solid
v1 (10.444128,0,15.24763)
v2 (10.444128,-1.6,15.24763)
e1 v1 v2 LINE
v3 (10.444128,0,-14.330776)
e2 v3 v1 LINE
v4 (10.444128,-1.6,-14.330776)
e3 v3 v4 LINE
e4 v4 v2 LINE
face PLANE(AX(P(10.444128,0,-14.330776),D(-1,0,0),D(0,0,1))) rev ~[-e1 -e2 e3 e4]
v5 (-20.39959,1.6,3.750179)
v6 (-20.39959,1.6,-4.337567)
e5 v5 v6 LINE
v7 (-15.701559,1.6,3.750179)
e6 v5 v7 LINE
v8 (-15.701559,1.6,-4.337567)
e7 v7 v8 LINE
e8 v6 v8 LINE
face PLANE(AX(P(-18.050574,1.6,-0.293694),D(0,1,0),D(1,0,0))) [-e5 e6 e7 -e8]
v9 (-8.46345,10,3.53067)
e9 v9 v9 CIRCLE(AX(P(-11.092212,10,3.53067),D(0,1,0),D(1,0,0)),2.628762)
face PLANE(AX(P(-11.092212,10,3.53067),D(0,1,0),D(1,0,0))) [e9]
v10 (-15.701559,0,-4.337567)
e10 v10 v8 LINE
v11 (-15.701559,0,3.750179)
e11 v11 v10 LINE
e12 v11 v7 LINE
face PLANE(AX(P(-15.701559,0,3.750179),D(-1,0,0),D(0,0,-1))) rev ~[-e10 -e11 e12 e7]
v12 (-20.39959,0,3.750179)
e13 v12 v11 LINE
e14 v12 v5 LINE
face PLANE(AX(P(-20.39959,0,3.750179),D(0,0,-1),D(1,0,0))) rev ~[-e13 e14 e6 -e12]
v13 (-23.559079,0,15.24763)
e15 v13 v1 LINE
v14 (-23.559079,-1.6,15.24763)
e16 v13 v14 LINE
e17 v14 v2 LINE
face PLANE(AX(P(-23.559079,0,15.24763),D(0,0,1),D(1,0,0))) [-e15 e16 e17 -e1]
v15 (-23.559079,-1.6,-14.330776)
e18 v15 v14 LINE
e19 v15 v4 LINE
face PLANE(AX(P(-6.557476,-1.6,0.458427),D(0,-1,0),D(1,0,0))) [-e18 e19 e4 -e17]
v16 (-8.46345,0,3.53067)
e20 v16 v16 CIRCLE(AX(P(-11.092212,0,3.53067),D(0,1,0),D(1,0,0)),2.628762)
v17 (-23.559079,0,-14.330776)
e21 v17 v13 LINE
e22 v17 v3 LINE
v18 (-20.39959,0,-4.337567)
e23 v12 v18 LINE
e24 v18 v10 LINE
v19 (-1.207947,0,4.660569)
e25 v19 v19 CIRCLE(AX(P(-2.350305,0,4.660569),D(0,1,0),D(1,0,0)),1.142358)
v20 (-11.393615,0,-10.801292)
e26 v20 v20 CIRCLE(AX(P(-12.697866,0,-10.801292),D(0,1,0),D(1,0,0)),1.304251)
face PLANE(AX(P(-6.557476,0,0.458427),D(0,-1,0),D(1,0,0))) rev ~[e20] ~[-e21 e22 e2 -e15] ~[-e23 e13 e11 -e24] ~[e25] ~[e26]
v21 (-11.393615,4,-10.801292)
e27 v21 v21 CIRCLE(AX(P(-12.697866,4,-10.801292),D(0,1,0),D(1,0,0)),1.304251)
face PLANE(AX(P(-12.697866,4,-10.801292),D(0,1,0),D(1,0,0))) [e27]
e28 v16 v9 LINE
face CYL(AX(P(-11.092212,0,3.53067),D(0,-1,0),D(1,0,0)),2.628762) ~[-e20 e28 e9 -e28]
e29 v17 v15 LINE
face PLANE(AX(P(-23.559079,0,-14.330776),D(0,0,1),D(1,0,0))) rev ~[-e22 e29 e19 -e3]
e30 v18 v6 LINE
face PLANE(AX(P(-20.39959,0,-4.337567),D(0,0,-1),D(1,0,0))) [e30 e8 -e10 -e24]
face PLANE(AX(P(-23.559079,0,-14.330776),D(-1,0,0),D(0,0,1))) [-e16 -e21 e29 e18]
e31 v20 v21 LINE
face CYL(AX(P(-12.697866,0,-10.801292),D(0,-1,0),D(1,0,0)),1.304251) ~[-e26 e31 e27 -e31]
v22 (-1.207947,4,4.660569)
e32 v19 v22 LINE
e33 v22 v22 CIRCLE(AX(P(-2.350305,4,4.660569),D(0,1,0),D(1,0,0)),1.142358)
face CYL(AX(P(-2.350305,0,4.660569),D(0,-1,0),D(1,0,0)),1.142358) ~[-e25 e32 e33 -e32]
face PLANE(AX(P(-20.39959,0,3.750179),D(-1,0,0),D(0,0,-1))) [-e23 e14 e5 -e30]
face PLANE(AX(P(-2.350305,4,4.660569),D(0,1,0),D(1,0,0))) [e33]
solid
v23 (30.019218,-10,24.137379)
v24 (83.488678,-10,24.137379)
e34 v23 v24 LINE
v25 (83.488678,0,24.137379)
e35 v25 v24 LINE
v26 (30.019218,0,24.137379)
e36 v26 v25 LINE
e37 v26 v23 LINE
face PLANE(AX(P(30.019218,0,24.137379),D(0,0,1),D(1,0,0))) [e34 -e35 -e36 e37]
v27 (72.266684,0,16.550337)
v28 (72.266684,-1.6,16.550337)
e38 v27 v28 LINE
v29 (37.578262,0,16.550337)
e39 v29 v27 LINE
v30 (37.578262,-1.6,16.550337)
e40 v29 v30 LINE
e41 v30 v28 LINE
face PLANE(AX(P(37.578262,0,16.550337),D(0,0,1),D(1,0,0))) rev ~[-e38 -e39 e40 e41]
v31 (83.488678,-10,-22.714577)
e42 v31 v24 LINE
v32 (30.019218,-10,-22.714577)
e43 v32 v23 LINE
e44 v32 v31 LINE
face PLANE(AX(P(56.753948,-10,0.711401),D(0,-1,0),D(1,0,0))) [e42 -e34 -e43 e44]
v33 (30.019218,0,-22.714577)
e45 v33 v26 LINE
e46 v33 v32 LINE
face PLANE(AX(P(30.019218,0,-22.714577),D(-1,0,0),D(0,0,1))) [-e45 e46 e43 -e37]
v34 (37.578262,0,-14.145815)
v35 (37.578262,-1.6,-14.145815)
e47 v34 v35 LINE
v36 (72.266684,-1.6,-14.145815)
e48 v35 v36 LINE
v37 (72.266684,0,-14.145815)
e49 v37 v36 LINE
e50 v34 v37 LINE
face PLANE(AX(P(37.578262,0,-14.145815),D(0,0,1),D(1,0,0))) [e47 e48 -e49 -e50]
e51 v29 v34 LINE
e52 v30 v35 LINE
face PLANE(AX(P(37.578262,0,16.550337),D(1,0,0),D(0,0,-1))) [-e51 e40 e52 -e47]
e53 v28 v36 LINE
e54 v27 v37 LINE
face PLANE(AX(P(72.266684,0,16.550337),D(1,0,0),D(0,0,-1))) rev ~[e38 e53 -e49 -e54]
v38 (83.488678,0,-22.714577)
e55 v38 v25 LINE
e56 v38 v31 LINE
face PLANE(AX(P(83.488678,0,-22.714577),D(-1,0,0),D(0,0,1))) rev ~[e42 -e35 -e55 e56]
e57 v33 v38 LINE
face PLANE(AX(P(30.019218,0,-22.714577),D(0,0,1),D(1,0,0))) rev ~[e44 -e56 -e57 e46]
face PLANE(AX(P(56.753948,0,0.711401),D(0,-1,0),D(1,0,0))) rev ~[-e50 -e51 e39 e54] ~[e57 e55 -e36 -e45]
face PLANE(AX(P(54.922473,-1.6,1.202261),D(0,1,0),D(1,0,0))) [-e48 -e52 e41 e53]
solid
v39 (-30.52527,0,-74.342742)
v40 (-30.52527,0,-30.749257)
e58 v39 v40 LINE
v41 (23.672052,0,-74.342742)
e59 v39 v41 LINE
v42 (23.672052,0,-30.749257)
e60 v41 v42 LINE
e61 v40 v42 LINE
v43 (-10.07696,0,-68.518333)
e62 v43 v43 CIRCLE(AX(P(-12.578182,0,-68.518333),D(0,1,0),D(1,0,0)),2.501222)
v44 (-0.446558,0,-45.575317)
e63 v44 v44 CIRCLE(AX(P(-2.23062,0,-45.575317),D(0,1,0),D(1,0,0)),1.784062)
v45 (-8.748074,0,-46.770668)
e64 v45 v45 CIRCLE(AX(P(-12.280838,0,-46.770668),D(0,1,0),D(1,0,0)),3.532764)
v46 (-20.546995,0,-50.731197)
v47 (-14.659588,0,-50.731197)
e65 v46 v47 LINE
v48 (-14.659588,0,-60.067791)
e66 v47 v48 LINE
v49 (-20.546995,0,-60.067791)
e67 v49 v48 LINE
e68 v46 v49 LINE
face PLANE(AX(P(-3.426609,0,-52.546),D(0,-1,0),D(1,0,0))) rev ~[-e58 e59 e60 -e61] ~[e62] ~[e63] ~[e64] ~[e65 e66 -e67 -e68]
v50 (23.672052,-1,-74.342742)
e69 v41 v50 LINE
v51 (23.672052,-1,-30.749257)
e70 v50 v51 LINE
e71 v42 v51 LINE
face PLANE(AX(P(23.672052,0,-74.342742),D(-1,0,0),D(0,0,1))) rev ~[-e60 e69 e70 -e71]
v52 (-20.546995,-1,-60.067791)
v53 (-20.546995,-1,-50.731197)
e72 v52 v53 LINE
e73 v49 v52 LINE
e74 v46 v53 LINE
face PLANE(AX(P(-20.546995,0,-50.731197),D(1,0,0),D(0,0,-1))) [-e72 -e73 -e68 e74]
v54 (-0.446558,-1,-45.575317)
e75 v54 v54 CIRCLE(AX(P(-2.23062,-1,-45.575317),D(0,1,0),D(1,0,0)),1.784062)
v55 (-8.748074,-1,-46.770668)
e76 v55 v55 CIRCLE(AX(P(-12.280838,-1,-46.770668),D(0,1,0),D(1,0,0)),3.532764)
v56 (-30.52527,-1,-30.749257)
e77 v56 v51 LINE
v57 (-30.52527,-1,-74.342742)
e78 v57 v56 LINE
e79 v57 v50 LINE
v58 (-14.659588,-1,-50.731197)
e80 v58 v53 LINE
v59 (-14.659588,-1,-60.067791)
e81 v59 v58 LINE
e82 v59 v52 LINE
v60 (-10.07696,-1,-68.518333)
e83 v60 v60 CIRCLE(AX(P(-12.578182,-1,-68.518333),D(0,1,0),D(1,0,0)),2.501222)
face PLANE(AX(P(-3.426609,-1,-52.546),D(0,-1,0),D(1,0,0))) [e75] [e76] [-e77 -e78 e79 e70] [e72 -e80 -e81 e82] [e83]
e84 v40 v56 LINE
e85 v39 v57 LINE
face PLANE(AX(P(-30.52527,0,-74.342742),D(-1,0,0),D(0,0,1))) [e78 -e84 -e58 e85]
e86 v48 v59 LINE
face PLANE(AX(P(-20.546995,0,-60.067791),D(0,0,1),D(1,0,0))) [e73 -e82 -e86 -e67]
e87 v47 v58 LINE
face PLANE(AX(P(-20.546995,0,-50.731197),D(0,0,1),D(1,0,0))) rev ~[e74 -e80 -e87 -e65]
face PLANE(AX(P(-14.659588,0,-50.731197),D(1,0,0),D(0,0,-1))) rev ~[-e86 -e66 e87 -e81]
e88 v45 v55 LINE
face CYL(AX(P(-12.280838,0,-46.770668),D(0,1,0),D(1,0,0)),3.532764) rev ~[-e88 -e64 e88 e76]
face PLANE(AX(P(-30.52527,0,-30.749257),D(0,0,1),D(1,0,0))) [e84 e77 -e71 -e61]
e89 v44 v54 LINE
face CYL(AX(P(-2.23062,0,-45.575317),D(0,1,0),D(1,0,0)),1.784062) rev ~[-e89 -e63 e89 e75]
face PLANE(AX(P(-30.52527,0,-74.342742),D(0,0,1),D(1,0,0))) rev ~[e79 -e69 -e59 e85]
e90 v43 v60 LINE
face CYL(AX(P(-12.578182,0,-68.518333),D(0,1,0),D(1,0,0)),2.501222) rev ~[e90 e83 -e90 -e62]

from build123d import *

# Parameters (mm, degrees)
SKETCH_W        = 34.003207
SKETCH_H        = 29.578406
PAD_DEPTH       = 1.6
SKETCH001_W     = 4.698031
SKETCH001_H     = 8.087746
PAD001_DEPTH    = 1.6
SKETCH002_R     = 1.142358
PAD002_DEPTH    = 4
SKETCH003_R     = 1.304251
PAD003_DEPTH    = 4
SKETCH004_R     = 2.628762
PAD004_DEPTH    = 10
SKETCH005_W     = 53.46946
SKETCH005_H     = 46.851956
PAD005_DEPTH    = 10
SKETCH007_W     = 34.688423
SKETCH007_H     = 30.696152
POCKET_DEPTH    = 1.6
SKETCH008_W     = 54.197322
SKETCH008_H     = 43.593485
PAD006_DEPTH    = 1
SKETCH011_R     = 3.532764
SKETCH011_R_2   = 1.784062
SKETCH011_R_3   = 2.501222
SKETCH011_W     = 5.887407
SKETCH011_H     = 9.336594
POCKET001_DEPTH = 5


with BuildPart() as body:
    # Sketch → Pad (new body)
    with BuildSketch(Plane.XZ):
        with Locations((-6.557476, 0.458427)):
            Rectangle(SKETCH_W, SKETCH_H)
    extrude(amount=PAD_DEPTH)

    # Sketch001 (on Face5 of Pad) → Pad001 (join)
    with BuildSketch(Plane(origin=(0, 0, 0), x_dir=(1, 0, 0), z_dir=(0, 1, 0))):
        with Locations((-18.050574, 0.293694)):
            Rectangle(SKETCH001_W, SKETCH001_H)
    extrude(amount=PAD001_DEPTH)

    # Sketch002 (on Face4 of Pad001) → Pad002 (join)
    with BuildSketch(Plane(origin=(0, 0, 0), x_dir=(1, 0, 0), z_dir=(0, 1, 0))):
        with Locations((-2.350305, -4.660569)):
            Circle(SKETCH002_R)
    extrude(amount=PAD002_DEPTH)

    # Sketch003 (on Face4 of Pad002) → Pad003 (join)
    with BuildSketch(Plane(origin=(0, 0, 0), x_dir=(1, 0, 0), z_dir=(0, 1, 0))):
        with Locations((-12.697866, 10.801292)):
            Circle(SKETCH003_R)
    extrude(amount=PAD003_DEPTH)

    # Sketch004 (on Face4 of Pad003) → Pad004 (join)
    with BuildSketch(Plane(origin=(0, 0, 0), x_dir=(1, 0, 0), z_dir=(0, 1, 0))):
        with Locations((-11.092212, -3.53067)):
            Circle(SKETCH004_R)
    extrude(amount=PAD004_DEPTH)


with BuildPart() as body006:
    # Sketch005 → Pad005 (new body)
    with BuildSketch(Plane.XZ):
        with Locations((56.753948, 0.711401)):
            Rectangle(SKETCH005_W, SKETCH005_H)
    extrude(amount=PAD005_DEPTH)

    # Sketch007 (on Face5 of Pad005) → Pocket (cut)
    with BuildSketch(Plane(origin=(0, 0, 0), x_dir=(1, 0, 0), z_dir=(0, 1, 0))):
        with Locations((54.922473, -1.202261)):
            Rectangle(SKETCH007_W, SKETCH007_H)
    extrude(amount=-POCKET_DEPTH, mode=Mode.SUBTRACT)


with BuildPart() as body007:
    # Sketch008 → Pad006 (new body)
    with BuildSketch(Plane.XZ):
        with Locations((-3.426609, -52.546)):
            Rectangle(SKETCH008_W, SKETCH008_H)
    extrude(amount=PAD006_DEPTH)

    # Sketch011 (on Face5 of Pad006) → Pocket001 (cut)
    with BuildSketch(Plane(origin=(0, 0, 0), x_dir=(1, 0, 0), z_dir=(0, 1, 0))):
        with Locations((-12.280838, 46.770668)):
            Circle(SKETCH011_R)
        with Locations((-2.23062, 45.575317)):
            Circle(SKETCH011_R_2)
        with Locations((-12.578182, 68.518333)):
            Circle(SKETCH011_R_3)
        with Locations((-17.603291, 55.399494)):
            Rectangle(SKETCH011_W, SKETCH011_H)
    extrude(amount=-POCKET001_DEPTH, mode=Mode.SUBTRACT)


solid = Compound([body.part, body006.part, body007.part])
